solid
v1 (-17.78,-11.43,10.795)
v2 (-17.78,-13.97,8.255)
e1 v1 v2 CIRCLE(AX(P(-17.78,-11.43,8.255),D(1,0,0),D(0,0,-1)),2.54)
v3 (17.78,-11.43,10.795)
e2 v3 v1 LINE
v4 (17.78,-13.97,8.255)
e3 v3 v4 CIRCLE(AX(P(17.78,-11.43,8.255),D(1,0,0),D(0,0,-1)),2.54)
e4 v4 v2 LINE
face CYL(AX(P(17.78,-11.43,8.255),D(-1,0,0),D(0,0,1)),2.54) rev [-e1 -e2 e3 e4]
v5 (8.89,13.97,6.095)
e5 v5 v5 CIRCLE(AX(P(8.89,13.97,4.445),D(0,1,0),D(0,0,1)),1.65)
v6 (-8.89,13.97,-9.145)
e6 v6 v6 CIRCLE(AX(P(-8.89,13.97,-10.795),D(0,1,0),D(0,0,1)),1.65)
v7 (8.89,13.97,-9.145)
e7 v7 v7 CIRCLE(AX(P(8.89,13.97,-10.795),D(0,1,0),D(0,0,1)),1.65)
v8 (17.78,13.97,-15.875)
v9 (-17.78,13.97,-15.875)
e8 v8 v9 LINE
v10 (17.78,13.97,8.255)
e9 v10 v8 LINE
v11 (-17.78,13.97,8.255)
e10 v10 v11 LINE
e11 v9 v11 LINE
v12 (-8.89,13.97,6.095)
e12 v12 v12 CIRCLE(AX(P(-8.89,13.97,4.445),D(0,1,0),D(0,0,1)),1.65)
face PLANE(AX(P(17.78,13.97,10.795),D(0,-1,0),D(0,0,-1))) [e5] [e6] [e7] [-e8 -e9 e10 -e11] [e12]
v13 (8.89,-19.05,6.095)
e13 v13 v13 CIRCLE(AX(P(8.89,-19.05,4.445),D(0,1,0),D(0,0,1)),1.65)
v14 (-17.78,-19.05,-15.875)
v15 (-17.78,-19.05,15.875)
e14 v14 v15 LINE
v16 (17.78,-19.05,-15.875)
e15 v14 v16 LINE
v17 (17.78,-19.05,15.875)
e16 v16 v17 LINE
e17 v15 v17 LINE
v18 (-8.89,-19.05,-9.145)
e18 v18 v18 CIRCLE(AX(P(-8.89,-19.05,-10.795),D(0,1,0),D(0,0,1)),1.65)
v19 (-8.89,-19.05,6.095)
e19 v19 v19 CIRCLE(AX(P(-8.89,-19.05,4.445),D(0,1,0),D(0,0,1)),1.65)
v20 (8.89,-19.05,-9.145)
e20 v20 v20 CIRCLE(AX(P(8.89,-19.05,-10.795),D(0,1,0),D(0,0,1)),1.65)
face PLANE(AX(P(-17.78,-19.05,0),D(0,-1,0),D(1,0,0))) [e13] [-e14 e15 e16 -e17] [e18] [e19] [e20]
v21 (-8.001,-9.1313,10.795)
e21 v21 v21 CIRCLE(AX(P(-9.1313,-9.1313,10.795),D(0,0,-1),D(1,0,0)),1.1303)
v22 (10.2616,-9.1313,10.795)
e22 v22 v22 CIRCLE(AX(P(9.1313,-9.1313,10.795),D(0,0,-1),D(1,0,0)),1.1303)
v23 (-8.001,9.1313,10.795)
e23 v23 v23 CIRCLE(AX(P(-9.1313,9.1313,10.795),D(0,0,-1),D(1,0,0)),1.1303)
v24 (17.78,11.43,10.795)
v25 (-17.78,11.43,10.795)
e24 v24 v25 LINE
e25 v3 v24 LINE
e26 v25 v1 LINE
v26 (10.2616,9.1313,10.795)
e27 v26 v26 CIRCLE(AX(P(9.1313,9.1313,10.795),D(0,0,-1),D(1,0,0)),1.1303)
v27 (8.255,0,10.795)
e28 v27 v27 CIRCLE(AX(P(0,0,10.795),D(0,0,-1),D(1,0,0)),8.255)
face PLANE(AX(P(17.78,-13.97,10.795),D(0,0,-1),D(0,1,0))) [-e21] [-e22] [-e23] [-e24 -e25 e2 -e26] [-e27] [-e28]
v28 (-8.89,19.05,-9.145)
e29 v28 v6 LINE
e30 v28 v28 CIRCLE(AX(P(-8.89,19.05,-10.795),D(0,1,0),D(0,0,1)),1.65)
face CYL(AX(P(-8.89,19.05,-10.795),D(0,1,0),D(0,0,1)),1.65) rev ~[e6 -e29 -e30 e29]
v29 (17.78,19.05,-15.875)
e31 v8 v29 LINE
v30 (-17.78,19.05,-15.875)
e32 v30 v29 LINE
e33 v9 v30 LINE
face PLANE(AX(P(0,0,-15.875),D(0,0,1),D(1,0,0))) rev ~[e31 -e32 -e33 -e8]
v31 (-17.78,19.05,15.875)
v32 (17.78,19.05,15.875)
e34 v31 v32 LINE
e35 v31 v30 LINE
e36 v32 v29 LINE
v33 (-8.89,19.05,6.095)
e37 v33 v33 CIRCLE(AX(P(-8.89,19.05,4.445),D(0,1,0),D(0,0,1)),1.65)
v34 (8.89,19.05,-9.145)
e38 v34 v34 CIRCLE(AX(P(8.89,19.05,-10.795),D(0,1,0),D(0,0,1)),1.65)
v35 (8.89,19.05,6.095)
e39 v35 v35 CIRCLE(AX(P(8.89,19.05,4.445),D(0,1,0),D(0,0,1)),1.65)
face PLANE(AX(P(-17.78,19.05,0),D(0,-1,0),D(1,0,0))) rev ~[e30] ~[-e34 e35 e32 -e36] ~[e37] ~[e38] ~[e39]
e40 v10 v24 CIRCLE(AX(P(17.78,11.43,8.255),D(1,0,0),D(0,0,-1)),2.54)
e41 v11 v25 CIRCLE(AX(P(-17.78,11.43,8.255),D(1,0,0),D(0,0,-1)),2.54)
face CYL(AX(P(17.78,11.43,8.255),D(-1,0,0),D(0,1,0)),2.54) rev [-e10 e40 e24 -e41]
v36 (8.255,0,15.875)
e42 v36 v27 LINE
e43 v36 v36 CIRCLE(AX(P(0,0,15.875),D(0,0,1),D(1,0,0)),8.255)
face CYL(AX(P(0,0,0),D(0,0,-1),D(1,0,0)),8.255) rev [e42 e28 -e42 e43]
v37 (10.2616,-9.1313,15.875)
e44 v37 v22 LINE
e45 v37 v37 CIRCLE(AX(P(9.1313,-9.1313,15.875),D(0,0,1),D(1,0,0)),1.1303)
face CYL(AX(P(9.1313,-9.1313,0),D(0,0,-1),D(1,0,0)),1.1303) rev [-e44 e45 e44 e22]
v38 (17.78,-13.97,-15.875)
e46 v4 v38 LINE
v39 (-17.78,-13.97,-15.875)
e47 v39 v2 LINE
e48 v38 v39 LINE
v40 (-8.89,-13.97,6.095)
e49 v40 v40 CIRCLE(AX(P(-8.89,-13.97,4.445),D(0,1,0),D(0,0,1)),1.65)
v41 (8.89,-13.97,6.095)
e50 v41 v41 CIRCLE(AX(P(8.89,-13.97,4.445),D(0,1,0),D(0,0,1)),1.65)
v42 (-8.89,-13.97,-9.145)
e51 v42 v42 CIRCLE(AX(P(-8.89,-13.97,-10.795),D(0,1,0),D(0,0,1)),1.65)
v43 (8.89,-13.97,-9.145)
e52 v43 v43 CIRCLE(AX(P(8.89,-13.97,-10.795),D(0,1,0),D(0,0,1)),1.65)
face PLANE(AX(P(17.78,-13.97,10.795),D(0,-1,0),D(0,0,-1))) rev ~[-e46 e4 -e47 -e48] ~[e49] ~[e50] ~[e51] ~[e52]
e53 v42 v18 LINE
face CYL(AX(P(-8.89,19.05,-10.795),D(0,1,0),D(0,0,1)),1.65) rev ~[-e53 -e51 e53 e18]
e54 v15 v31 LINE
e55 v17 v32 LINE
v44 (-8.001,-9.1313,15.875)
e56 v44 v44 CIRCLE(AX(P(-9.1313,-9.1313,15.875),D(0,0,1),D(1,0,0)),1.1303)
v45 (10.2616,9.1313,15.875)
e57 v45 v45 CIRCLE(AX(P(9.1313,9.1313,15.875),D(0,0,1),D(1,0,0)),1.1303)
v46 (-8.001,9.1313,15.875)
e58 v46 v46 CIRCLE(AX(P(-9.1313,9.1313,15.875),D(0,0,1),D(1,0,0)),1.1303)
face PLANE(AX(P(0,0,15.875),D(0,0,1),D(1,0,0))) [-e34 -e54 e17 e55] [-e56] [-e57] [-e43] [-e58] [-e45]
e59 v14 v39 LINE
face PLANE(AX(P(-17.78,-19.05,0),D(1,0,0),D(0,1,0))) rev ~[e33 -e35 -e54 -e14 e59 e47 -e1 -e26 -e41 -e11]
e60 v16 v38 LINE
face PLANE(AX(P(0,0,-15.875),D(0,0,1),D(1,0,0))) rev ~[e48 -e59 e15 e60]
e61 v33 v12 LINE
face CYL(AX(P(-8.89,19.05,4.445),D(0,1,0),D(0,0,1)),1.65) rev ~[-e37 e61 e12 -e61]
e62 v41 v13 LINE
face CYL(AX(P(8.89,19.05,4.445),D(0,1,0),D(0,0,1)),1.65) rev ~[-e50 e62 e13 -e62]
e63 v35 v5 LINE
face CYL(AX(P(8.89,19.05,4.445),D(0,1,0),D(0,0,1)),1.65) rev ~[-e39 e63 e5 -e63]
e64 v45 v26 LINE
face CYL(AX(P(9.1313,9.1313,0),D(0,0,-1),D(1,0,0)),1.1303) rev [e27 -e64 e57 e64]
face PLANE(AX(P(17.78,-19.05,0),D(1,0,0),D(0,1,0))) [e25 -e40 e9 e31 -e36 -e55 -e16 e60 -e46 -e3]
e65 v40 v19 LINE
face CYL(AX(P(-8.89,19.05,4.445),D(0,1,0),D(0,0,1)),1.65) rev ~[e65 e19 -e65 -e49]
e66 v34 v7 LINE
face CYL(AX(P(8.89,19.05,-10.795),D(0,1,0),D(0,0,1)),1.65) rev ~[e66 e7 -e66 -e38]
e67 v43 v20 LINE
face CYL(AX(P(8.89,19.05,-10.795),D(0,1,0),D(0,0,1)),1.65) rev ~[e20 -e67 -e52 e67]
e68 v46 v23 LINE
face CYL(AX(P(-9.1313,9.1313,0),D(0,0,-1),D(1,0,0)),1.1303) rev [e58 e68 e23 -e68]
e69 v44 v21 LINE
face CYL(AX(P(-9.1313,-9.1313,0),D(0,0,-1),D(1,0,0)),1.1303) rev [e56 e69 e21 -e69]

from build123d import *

# Parameters (mm, degrees)
SKETCH1_W                                    = 35.56
SKETCH1_H                                    = 38.1
SKETCH1_R                                    = 8.255
SKETCH1_R_2                                  = 1.1303
BOSS_EXTRUDE_WITH_4_40_TAP_DRILL_HOLES_DEPTH = 15.875
CUT_EXTRUDE1_REACH                           = 45.352
SKETCH3_W                                    = 26.67
SKETCH3_H                                    = 27.94
FILLET1_R                                    = 2.54
SKETCH5_R                                    = 1.65
CLEARANCE_HOLES_FOR_M3_SCREW_DEPTH           = 45.941673589


with BuildPart() as part:
    # Sketch1 → Boss-Extrude with 4-40 Tap Drill Holes (new, symmetric)
    with BuildSketch(Plane.XY):
        Rectangle(SKETCH1_W, SKETCH1_H)
        Circle(SKETCH1_R, mode=Mode.SUBTRACT)
        with Locations((-9.1313, 9.1313)):
            Circle(SKETCH1_R_2, mode=Mode.SUBTRACT)
        with Locations((9.1313, 9.1313)):
            Circle(SKETCH1_R_2, mode=Mode.SUBTRACT)
        with Locations((-9.1313, -9.1313)):
            Circle(SKETCH1_R_2, mode=Mode.SUBTRACT)
        with Locations((9.1313, -9.1313)):
            Circle(SKETCH1_R_2, mode=Mode.SUBTRACT)
    extrude(amount=BOSS_EXTRUDE_WITH_4_40_TAP_DRILL_HOLES_DEPTH, both=True)

    # Sketch3 → Cut-Extrude1 (cut, up to next)
    with BuildSketch(Plane(origin=(17.78, 0, 0), x_dir=(0, 0, -1), z_dir=(1, 0, 0)), mode=Mode.PRIVATE) as cut_extrude1_sk1:
        with Locations((2.54, 0)):
            Rectangle(SKETCH3_W, SKETCH3_H)
    cut_extrude1_tool1 = extrude(cut_extrude1_sk1.sketch, amount=-CUT_EXTRUDE1_REACH, mode=Mode.PRIVATE) & part.part
    add(cut_extrude1_tool1.solids().sort_by_distance((17.78, 0, -2.54))[0], mode=Mode.SUBTRACT)

    # Fillet1
    fillet1_edges = [part.edges().sort_by_distance(p)[0] for p in [
        (0, -13.97, 10.795),
        (0, 13.97, 10.795),
    ]]
    fillet(fillet1_edges, radius=FILLET1_R)

    # Sketch5 → Clearance Holes for M3 Screw (cut, through all)
    with BuildSketch(Plane(origin=(0, 19.05, 0), x_dir=(1, 0, 0), z_dir=(0, 1, 0))):
        with Locations(Location((-8.89, 10.795, 0), (0, 0, 270))):
            Circle(SKETCH5_R)
        with Locations(Location((-8.89, -4.445, 0), (0, 0, 270))):
            Circle(SKETCH5_R)
        with Locations(Location((8.89, -4.445, 0), (0, 0, 270))):
            Circle(SKETCH5_R)
        with Locations(Location((8.89, 10.795, 0), (0, 0, 270))):
            Circle(SKETCH5_R)
    extrude(amount=-CLEARANCE_HOLES_FOR_M3_SCREW_DEPTH, mode=Mode.SUBTRACT)


solid = part.part
